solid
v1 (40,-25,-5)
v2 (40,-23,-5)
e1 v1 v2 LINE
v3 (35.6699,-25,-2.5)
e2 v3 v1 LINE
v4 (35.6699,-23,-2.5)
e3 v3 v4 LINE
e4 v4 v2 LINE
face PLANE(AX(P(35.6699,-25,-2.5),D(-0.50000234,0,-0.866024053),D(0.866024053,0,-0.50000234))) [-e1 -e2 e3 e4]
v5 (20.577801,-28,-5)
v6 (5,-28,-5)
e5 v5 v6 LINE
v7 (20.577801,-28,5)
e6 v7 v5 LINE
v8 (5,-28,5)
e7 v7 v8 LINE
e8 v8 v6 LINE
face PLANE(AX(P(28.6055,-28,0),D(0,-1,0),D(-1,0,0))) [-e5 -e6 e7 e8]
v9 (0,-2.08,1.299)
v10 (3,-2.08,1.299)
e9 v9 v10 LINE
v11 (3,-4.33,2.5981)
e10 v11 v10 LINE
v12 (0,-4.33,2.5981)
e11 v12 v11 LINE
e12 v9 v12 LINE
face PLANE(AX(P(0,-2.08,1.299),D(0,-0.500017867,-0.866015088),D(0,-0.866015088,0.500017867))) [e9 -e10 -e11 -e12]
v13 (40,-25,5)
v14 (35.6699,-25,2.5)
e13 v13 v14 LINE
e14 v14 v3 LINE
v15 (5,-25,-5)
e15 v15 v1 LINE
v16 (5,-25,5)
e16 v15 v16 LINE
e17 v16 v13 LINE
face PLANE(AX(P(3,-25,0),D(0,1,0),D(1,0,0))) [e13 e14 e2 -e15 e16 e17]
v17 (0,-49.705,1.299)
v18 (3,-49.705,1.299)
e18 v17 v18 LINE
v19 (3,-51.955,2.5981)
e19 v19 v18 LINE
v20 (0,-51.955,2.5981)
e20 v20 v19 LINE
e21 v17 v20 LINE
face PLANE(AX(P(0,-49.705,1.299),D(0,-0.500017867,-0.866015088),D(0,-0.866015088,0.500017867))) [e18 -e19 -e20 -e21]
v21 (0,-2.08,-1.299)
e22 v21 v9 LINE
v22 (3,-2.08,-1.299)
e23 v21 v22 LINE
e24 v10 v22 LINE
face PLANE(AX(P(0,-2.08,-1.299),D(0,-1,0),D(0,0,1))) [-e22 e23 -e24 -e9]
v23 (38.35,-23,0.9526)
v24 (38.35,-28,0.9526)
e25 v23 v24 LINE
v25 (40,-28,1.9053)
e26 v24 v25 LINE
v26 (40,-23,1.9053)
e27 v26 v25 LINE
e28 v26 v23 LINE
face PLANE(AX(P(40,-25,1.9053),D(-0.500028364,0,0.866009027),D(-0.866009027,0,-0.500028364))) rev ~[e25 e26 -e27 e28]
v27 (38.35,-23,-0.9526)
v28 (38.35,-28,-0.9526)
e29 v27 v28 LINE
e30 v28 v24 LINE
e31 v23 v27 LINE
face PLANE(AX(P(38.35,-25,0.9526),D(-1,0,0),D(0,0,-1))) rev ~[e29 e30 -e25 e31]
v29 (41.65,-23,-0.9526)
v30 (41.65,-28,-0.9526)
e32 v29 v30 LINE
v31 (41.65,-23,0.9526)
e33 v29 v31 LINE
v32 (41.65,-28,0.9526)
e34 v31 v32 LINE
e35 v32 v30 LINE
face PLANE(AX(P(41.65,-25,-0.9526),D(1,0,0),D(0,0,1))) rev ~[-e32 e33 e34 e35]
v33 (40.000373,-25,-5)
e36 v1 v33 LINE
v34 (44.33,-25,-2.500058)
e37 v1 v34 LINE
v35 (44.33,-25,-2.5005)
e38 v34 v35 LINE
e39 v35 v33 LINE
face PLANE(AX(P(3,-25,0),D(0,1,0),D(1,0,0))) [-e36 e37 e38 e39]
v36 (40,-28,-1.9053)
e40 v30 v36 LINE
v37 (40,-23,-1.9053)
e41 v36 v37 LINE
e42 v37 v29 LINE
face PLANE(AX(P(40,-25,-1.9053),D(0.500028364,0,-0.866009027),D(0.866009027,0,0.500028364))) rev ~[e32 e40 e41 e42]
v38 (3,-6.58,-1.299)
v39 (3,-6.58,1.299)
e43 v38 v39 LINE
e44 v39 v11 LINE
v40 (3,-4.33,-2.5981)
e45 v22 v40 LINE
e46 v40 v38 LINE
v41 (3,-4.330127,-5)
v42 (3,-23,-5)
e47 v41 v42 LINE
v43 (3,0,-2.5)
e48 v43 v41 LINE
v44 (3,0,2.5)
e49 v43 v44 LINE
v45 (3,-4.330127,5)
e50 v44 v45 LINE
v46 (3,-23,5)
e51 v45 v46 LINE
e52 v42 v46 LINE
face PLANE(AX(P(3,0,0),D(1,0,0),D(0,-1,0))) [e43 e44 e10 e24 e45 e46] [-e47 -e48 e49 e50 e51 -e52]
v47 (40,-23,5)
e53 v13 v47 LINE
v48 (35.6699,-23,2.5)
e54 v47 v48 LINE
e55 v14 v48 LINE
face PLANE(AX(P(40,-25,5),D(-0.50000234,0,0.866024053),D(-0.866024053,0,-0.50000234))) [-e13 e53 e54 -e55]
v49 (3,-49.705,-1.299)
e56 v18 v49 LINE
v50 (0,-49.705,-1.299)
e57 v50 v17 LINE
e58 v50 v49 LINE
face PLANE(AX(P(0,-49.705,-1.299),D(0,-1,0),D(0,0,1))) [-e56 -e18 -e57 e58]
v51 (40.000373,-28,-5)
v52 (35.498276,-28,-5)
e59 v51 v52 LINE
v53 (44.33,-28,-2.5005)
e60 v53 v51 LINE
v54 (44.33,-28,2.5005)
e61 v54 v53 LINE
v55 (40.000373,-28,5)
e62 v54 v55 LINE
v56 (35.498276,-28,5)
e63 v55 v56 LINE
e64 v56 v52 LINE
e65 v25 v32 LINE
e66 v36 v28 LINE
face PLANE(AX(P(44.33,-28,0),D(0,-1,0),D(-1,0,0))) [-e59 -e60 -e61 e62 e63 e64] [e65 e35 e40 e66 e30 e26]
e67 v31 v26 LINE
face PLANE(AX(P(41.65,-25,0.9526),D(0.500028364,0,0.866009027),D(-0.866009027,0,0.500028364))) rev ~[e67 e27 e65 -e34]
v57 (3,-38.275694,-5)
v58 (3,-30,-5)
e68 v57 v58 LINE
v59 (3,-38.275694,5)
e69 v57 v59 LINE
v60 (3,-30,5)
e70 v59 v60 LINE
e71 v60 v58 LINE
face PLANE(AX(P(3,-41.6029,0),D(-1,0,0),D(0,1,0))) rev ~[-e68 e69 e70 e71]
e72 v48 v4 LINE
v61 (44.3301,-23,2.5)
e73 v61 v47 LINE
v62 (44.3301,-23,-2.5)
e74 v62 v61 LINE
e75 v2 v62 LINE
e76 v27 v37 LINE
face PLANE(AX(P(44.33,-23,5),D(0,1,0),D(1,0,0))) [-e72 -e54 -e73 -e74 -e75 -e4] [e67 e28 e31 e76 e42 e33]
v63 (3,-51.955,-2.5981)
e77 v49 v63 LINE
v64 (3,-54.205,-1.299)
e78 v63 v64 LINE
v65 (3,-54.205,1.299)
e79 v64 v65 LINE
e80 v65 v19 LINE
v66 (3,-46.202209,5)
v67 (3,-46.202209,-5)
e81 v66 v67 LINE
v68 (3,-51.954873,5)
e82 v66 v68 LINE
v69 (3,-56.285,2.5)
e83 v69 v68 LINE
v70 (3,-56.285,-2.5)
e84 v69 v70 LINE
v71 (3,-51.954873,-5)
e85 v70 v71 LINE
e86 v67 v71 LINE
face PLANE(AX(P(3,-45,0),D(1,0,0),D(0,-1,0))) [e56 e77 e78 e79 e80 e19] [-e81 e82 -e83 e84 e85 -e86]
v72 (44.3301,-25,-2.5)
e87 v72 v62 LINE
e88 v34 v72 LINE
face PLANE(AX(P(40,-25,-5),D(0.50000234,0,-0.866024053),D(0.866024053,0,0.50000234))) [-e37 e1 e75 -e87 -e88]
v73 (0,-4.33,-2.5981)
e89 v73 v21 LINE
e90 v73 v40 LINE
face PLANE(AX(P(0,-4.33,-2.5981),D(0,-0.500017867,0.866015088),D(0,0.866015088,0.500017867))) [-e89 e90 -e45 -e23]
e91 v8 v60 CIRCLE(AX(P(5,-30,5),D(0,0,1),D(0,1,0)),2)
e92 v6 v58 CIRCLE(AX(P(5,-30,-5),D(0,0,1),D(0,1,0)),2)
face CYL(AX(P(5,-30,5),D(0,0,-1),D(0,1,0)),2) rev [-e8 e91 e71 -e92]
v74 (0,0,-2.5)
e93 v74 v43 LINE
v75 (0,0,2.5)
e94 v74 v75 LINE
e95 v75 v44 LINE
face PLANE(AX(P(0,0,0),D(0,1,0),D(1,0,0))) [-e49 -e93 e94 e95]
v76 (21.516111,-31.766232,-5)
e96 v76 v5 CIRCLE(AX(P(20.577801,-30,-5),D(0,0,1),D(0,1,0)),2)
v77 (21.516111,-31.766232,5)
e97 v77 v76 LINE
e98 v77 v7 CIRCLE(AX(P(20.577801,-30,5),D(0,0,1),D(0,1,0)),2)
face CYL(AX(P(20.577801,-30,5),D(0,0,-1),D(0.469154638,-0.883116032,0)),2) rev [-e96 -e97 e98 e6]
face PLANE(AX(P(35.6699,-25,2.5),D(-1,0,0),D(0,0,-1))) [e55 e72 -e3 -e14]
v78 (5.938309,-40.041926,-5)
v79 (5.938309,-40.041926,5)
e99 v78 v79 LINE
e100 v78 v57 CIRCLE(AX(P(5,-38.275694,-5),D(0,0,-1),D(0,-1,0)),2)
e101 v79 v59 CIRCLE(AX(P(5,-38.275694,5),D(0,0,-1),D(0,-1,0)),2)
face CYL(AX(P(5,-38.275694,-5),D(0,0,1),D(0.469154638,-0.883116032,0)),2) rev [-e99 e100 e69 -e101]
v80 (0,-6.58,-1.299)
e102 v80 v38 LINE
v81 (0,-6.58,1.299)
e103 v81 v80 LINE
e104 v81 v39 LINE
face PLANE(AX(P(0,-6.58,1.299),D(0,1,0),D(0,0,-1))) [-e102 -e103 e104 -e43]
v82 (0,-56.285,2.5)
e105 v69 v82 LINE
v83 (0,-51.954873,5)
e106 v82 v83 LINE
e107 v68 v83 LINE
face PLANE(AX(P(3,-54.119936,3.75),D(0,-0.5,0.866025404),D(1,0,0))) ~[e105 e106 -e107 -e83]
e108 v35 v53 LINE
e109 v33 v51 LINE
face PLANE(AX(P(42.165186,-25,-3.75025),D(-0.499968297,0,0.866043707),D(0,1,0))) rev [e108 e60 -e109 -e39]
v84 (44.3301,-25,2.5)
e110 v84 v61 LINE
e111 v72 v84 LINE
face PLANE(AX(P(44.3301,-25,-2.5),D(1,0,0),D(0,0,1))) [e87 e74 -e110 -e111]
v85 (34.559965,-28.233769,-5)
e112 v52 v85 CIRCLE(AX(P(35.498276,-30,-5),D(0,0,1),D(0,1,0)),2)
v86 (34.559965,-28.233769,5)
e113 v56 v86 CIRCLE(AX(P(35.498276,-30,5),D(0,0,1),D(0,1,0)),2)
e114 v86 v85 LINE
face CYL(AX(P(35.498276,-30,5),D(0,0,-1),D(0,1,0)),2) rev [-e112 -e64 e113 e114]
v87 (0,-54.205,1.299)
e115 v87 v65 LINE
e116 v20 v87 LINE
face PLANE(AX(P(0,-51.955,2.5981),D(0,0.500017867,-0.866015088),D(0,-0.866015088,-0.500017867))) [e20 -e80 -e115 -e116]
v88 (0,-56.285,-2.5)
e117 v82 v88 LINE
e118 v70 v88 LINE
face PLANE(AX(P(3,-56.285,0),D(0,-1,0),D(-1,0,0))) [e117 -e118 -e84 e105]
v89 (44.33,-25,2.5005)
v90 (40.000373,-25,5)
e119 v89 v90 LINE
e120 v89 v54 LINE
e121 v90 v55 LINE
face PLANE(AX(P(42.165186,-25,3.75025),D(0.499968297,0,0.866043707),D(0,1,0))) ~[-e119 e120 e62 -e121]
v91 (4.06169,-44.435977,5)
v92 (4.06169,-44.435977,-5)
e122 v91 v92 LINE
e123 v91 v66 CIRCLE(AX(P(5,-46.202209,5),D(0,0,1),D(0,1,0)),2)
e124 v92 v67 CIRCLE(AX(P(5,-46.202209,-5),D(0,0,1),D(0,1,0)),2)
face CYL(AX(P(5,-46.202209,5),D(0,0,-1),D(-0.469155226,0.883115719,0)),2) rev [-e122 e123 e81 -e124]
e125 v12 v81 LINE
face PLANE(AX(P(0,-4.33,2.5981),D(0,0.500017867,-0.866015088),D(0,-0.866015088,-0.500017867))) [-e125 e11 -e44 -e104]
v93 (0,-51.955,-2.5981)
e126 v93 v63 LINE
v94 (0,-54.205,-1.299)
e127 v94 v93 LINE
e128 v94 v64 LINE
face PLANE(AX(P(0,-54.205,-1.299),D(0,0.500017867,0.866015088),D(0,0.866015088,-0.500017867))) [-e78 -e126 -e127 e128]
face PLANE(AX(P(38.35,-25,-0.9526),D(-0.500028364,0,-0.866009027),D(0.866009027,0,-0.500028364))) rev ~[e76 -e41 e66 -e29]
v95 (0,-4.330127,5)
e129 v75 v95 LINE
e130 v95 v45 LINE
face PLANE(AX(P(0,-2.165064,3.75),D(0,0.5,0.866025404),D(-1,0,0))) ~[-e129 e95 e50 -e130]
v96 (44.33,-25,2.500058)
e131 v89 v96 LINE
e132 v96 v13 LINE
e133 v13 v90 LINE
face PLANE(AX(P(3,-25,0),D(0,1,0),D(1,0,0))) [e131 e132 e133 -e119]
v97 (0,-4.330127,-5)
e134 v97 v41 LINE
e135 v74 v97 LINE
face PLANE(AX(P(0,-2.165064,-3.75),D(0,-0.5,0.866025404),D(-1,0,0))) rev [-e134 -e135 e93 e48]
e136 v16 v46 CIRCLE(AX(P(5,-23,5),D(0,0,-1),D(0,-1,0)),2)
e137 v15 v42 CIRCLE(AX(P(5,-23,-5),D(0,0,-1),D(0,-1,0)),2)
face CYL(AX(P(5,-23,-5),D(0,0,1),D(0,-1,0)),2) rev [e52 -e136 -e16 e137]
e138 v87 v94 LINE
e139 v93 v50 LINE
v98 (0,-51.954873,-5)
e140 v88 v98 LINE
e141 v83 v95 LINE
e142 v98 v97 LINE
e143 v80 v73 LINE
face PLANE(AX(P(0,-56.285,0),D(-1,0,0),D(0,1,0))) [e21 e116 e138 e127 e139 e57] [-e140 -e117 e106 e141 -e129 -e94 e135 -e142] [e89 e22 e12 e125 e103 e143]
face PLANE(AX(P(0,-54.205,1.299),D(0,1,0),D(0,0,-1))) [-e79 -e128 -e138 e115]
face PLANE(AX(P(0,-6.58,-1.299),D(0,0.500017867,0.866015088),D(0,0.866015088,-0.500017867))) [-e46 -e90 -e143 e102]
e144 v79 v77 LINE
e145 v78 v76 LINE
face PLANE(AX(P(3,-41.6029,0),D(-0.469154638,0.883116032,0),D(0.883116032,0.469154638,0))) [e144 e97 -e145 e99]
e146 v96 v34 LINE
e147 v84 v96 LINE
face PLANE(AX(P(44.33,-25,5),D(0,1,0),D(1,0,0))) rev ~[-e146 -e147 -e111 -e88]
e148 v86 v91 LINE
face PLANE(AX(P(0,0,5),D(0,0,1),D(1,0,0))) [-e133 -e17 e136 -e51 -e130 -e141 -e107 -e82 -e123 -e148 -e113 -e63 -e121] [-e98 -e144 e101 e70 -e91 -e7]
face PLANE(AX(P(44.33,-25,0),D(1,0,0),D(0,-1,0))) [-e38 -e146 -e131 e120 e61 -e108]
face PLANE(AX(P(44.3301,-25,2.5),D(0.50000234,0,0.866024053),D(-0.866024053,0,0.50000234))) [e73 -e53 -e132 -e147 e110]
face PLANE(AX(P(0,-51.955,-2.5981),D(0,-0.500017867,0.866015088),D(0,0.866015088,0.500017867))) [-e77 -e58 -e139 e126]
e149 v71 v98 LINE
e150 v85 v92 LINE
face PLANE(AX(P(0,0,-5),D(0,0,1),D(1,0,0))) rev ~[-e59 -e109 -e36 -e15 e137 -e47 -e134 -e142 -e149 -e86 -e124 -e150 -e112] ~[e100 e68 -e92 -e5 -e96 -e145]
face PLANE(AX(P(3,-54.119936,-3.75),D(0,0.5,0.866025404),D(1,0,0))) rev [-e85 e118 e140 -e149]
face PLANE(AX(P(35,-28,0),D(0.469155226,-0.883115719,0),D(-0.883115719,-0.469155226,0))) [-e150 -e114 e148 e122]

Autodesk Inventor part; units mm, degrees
ref_plane "YZ Plane" through (0, 0, 0) normal (1, 0, 0) x (0, 1, 0)
ref_plane "XZ Plane" through (0, 0, 0) normal (0, 1, 0) x (-1, 0, 0)
ref_plane "XY Plane" through (0, 0, 0) normal (0, 0, 1) x (1, 0, 0)
sketch "Sketch1" plane through (0, 0, 0) normal (0, 0, 1) x (1, 0, 0)
  line L0 (3, -25) -> (44.33, -25)
  line L1 (44.33, -25) -> (44.33, -28)
  line L2 (44.33, -28) -> (35, -28)
  line L3 (35, -28) -> (3, -45)
  line L4 (3, -45) -> (3, -56.285)
  line L5 (3, -56.285) -> (0, -56.285)
  line L6 (0, -56.285) -> (0, 0)
  line L7 (3, -41.6029) -> (28.6055, -28)
  line L8 (28.6055, -28) -> (3, -28)
  line L9 (3, -41.6029) -> (3, -28)
  line L10 (0, -4.33) -> (3, -4.33) construction
  line L11 (0, -2.08) -> (3, -2.08) construction
  line L12 (0, -6.58) -> (3, -6.58) construction
  line L13 (0, -51.955) -> (3, -51.955) construction
  line L14 (0, -49.705) -> (3, -49.705) construction
  line L15 (0, -54.205) -> (3, -54.205) construction
  line L16 (40, -25) -> (40, -28) construction
  line L17 (0, 0) -> (3, 0)
  line L18 (3, 0) -> (3, -25)
  dimension "d1" = 3
  dimension "d2" = 3
  dimension "d3" = 3
  dimension "d6" = 20
  dimension "d8" = 4.5
  dimension "d13" = 47.625
  dimension "d18" = 40
  dimension "d48" = 4.33
  dimension "d49" = 5
  dimension "d55" = 4.33
  dimension "d56" = 25
  dimension "d59" = 4.33
extrude "Extrusion1" add sketch "Sketch1" along normal mid plane 10
fillet "Fillet2" radius 2 6 edges at (3, -45, 0) (35, -28, 0) (28.6055, -28, 0) (3, -41.6029, 0) (3, -28, 0) (3, -25, 0)
sketch "Sketch3" plane through (0, -56.285, 5) normal (-1, 0, 0) x (0, 0, 1)
  line L0 (-2.4019, 51.955) -> (-3.701, 49.705)
  line L1 (-3.701, 49.705) -> (-6.299, 49.705)
  line L2 (-6.299, 49.705) -> (-7.5981, 51.955)
  line L3 (-7.5981, 51.955) -> (-6.299, 54.205)
  line L4 (-6.299, 54.205) -> (-3.701, 54.205)
  line L5 (-3.701, 54.205) -> (-2.4019, 51.955)
  line L6 (-6.299, 6.58) -> (-3.701, 6.58)
  line L7 (-3.701, 6.58) -> (-2.4019, 4.33)
  line L8 (-2.4019, 4.33) -> (-3.701, 2.08)
  line L9 (-3.701, 2.08) -> (-6.299, 2.08)
  line L10 (-6.299, 2.08) -> (-7.5981, 4.33)
  line L11 (-7.5981, 4.33) -> (-6.299, 6.58)
  point P0 (-5, 56.285)
  point P1 (-5, 51.955)
  point P2 (-5, 51.955)
  point P3 (-5, 4.33)
  point P4 (-5, 4.33)
  dimension "d60" = 4.5
extrude "Extrusion3" cut sketch "Sketch3" against normal through all
sketch "Sketch4" plane through (44.33, -25, 5) normal (0, 1, 0) x (1, 0, 0)
  line L0 (-39.33, 10) -> (0, 10) construction
  line L1 (-4.33, 10) -> (0.0001, 7.5)
  line L2 (0.0001, 7.5) -> (0.0001, 2.5)
  line L3 (0.0001, 2.5) -> (-4.33, 0)
  line L4 (-4.33, 0) -> (-8.6601, 2.5)
  line L5 (-8.6601, 2.5) -> (-8.6601, 7.5)
  line L6 (-8.6601, 7.5) -> (-4.33, 10)
  line L7 (-4.33, 6.9053) -> (-2.68, 5.9526)
  line L8 (-2.68, 5.9526) -> (-2.68, 4.0474)
  line L9 (-2.68, 4.0474) -> (-4.33, 3.0947)
  line L10 (-4.33, 3.0947) -> (-5.98, 4.0474)
  line L11 (-5.98, 4.0474) -> (-5.98, 5.9526)
  line L12 (-5.98, 5.9526) -> (-4.33, 6.9053)
  point P0 (-44.33, 5)
  point P1 (-4.33, 5)
  point P2 (-4.33, 5)
  point P3 (-4.33, 5)
  dimension "d63" = 3.3
extrude "Extrusion4" add sketch "Sketch4" along normal blind 2
extrude "Extrusion5" cut sketch "Sketch4" against normal through all contours L7 L8 L9 L10 L11 L12
chamfer "Chamfer1" distance 2.5 angle 60 2 edges at (44.33, -26.5, 5) (44.33, -26.5, -5) measured on face at (44.33, -27, -0.8334)
chamfer "Chamfer2" distance 2.5 angle 60 2 edges at (1.5, 0, -5) (1.5, 0, 5) measured on face at (2, 0, -1.6667)
chamfer "Chamfer3" distance 2.5 angle 60 2 edges at (1.5, -56.285, 5) (1.5, -56.285, -5) measured on face at (2, -56.285, 1.6667)
properties part number "GPS_holder"
